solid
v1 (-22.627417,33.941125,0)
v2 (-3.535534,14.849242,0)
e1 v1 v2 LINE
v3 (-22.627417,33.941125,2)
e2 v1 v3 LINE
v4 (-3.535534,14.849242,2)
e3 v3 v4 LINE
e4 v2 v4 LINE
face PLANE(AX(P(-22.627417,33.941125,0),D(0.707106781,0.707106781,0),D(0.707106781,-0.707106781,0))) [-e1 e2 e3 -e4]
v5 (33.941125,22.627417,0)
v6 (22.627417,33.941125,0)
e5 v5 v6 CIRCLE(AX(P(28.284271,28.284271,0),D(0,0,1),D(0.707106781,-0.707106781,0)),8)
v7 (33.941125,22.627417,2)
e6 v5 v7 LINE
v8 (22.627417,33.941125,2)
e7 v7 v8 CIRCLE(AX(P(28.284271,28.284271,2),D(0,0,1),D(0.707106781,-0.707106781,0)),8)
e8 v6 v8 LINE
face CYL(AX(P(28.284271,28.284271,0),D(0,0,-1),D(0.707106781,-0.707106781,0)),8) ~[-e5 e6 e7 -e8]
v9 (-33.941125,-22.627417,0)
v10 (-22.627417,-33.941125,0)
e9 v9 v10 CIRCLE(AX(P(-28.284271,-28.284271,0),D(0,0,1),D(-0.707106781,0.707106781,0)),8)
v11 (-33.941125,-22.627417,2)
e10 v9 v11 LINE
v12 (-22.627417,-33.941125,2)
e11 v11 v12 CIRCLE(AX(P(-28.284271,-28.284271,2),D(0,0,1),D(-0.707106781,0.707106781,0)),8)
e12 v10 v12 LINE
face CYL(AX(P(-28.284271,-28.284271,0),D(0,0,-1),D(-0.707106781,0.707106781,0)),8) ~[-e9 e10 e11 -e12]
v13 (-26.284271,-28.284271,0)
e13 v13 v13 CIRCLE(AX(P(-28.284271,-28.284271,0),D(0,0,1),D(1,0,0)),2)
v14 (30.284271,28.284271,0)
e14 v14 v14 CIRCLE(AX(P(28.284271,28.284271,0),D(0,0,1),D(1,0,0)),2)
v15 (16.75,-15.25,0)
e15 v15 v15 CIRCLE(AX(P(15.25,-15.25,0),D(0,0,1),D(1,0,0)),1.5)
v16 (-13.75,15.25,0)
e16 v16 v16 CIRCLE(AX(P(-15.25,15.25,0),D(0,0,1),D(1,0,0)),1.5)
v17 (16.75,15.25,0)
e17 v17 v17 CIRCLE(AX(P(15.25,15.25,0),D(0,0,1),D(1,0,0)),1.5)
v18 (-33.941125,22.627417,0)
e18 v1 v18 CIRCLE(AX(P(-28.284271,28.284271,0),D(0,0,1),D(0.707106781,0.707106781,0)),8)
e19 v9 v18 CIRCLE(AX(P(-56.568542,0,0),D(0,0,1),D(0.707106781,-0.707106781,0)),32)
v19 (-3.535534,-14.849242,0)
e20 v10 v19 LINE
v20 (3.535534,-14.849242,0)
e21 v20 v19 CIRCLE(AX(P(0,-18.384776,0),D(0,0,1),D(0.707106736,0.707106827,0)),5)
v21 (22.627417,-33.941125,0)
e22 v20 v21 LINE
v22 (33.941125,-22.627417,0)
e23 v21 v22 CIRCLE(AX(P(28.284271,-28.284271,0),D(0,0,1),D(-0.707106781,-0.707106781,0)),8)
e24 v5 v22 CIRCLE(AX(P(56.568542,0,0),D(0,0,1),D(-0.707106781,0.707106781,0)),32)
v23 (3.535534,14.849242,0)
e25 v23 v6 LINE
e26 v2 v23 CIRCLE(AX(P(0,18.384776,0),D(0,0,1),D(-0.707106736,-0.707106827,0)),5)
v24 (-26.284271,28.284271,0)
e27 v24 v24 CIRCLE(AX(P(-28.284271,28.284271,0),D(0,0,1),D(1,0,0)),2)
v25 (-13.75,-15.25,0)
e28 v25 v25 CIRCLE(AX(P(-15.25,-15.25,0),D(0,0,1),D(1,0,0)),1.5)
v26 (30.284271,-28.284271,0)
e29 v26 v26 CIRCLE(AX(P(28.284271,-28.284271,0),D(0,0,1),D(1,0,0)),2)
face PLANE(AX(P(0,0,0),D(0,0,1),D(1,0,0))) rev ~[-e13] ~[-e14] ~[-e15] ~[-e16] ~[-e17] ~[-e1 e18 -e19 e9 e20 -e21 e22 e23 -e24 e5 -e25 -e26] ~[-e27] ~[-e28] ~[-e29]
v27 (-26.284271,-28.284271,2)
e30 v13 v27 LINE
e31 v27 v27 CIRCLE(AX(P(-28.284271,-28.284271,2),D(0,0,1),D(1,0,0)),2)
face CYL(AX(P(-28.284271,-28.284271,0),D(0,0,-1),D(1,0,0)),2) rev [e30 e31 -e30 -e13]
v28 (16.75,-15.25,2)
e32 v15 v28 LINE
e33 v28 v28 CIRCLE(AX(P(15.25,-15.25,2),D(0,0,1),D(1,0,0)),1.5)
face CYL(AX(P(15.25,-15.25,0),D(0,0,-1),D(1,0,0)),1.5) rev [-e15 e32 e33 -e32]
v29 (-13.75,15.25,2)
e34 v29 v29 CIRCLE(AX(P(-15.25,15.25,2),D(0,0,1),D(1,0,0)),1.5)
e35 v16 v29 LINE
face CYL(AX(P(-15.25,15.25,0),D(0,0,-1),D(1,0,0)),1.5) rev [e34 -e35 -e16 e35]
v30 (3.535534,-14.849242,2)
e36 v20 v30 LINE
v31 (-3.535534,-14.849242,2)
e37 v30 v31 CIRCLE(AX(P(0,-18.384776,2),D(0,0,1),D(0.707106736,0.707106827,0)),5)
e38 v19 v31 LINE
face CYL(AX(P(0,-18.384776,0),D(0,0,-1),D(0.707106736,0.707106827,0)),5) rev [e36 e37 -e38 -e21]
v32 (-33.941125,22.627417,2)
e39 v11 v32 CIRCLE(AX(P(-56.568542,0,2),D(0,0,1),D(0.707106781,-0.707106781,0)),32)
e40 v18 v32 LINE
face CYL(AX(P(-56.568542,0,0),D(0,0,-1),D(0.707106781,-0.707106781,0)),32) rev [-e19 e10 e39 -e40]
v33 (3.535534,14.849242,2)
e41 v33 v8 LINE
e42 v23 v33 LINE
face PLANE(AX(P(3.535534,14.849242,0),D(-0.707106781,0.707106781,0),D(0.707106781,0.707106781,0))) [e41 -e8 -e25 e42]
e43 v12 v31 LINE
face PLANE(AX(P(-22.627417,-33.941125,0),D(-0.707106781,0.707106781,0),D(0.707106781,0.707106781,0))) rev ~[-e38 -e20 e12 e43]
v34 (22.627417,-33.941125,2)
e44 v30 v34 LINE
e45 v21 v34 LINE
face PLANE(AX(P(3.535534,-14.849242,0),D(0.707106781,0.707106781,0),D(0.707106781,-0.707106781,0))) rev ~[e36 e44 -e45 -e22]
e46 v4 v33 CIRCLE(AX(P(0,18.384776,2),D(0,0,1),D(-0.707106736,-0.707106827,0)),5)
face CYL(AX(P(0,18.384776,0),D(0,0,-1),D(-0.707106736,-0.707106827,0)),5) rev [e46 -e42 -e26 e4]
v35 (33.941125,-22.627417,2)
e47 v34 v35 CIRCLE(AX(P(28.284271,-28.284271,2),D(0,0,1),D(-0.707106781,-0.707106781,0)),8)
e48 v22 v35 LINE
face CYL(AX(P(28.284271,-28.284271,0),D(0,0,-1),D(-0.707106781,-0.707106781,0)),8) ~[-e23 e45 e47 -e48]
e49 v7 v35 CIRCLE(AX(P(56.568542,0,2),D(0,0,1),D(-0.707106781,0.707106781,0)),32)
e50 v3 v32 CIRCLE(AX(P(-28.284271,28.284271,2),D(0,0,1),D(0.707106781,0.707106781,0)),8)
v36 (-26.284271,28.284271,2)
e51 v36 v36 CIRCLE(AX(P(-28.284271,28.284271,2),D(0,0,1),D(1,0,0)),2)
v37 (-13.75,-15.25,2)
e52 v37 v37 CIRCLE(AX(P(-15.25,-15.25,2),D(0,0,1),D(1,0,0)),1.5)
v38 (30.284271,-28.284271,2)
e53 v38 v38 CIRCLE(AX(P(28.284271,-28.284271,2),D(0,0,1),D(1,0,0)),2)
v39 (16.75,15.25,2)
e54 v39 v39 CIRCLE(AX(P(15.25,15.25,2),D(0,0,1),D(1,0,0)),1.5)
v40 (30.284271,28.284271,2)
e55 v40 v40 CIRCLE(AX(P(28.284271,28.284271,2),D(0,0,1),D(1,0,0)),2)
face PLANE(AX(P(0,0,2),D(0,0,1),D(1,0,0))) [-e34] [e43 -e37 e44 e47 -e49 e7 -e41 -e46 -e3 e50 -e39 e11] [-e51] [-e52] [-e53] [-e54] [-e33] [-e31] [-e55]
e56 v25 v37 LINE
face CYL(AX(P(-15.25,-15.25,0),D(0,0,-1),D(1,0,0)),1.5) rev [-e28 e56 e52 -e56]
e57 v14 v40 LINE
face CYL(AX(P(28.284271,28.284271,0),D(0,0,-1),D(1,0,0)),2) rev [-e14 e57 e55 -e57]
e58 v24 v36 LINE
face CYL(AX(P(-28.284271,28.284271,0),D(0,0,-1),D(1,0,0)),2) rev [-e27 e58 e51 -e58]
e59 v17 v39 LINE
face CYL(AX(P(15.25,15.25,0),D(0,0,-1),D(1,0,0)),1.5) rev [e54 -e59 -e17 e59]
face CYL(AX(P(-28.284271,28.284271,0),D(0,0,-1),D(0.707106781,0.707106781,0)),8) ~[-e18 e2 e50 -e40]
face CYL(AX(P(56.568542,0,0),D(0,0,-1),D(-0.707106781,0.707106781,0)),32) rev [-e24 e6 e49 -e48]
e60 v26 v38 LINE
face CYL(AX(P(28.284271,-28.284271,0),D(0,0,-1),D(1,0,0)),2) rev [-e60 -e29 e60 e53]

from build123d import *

# Parameters (mm, degrees)
SKETCH_R      = 2
SKETCH_R_2    = 1.5
EXTRUDE_DEPTH = 2


with BuildPart() as part:
    # Sketch → Extrude (new body)
    with BuildSketch(Plane.XY):
        with BuildLine():
            ThreePointArc((-22.627417, 33.941125), (-33.941125, 33.941125), (-33.941125, 22.627417))
            ThreePointArc((-33.941125, -22.627417), (-24.568542, 0), (-33.941125, 22.627417))
            ThreePointArc((-33.941125, -22.627417), (-33.941125, -33.941125), (-22.627417, -33.941125))
            Line((-22.627417, -33.941125), (-3.535534, -14.849242))
            ThreePointArc((3.535534, -14.849242), (0, -13.384776), (-3.535534, -14.849242))
            Line((3.535534, -14.849242), (22.627417, -33.941125))
            ThreePointArc((22.627417, -33.941125), (33.941125, -33.941125), (33.941125, -22.627417))
            ThreePointArc((33.941125, 22.627417), (24.568542, 0), (33.941125, -22.627417))
            ThreePointArc((33.941125, 22.627417), (33.941125, 33.941125), (22.627417, 33.941125))
            Line((3.535534, 14.849242), (22.627417, 33.941125))
            ThreePointArc((-3.535534, 14.849242), (0, 13.384776), (3.535534, 14.849242))
            Line((-22.627417, 33.941125), (-3.535534, 14.849242))
        make_face()
        with Locations((28.284271, 28.284271)):
            Circle(SKETCH_R, mode=Mode.SUBTRACT)
        with Locations((28.284271, -28.284271)):
            Circle(SKETCH_R, mode=Mode.SUBTRACT)
        with Locations((-28.284271, -28.284271)):
            Circle(SKETCH_R, mode=Mode.SUBTRACT)
        with Locations((-28.284271, 28.284271)):
            Circle(SKETCH_R, mode=Mode.SUBTRACT)
        with Locations((15.25, 15.25)):
            Circle(SKETCH_R_2, mode=Mode.SUBTRACT)
        with Locations((-15.25, 15.25)):
            Circle(SKETCH_R_2, mode=Mode.SUBTRACT)
        with Locations((-15.25, -15.25)):
            Circle(SKETCH_R_2, mode=Mode.SUBTRACT)
        with Locations((15.25, -15.25)):
            Circle(SKETCH_R_2, mode=Mode.SUBTRACT)
    extrude(amount=EXTRUDE_DEPTH)


solid = part.part
